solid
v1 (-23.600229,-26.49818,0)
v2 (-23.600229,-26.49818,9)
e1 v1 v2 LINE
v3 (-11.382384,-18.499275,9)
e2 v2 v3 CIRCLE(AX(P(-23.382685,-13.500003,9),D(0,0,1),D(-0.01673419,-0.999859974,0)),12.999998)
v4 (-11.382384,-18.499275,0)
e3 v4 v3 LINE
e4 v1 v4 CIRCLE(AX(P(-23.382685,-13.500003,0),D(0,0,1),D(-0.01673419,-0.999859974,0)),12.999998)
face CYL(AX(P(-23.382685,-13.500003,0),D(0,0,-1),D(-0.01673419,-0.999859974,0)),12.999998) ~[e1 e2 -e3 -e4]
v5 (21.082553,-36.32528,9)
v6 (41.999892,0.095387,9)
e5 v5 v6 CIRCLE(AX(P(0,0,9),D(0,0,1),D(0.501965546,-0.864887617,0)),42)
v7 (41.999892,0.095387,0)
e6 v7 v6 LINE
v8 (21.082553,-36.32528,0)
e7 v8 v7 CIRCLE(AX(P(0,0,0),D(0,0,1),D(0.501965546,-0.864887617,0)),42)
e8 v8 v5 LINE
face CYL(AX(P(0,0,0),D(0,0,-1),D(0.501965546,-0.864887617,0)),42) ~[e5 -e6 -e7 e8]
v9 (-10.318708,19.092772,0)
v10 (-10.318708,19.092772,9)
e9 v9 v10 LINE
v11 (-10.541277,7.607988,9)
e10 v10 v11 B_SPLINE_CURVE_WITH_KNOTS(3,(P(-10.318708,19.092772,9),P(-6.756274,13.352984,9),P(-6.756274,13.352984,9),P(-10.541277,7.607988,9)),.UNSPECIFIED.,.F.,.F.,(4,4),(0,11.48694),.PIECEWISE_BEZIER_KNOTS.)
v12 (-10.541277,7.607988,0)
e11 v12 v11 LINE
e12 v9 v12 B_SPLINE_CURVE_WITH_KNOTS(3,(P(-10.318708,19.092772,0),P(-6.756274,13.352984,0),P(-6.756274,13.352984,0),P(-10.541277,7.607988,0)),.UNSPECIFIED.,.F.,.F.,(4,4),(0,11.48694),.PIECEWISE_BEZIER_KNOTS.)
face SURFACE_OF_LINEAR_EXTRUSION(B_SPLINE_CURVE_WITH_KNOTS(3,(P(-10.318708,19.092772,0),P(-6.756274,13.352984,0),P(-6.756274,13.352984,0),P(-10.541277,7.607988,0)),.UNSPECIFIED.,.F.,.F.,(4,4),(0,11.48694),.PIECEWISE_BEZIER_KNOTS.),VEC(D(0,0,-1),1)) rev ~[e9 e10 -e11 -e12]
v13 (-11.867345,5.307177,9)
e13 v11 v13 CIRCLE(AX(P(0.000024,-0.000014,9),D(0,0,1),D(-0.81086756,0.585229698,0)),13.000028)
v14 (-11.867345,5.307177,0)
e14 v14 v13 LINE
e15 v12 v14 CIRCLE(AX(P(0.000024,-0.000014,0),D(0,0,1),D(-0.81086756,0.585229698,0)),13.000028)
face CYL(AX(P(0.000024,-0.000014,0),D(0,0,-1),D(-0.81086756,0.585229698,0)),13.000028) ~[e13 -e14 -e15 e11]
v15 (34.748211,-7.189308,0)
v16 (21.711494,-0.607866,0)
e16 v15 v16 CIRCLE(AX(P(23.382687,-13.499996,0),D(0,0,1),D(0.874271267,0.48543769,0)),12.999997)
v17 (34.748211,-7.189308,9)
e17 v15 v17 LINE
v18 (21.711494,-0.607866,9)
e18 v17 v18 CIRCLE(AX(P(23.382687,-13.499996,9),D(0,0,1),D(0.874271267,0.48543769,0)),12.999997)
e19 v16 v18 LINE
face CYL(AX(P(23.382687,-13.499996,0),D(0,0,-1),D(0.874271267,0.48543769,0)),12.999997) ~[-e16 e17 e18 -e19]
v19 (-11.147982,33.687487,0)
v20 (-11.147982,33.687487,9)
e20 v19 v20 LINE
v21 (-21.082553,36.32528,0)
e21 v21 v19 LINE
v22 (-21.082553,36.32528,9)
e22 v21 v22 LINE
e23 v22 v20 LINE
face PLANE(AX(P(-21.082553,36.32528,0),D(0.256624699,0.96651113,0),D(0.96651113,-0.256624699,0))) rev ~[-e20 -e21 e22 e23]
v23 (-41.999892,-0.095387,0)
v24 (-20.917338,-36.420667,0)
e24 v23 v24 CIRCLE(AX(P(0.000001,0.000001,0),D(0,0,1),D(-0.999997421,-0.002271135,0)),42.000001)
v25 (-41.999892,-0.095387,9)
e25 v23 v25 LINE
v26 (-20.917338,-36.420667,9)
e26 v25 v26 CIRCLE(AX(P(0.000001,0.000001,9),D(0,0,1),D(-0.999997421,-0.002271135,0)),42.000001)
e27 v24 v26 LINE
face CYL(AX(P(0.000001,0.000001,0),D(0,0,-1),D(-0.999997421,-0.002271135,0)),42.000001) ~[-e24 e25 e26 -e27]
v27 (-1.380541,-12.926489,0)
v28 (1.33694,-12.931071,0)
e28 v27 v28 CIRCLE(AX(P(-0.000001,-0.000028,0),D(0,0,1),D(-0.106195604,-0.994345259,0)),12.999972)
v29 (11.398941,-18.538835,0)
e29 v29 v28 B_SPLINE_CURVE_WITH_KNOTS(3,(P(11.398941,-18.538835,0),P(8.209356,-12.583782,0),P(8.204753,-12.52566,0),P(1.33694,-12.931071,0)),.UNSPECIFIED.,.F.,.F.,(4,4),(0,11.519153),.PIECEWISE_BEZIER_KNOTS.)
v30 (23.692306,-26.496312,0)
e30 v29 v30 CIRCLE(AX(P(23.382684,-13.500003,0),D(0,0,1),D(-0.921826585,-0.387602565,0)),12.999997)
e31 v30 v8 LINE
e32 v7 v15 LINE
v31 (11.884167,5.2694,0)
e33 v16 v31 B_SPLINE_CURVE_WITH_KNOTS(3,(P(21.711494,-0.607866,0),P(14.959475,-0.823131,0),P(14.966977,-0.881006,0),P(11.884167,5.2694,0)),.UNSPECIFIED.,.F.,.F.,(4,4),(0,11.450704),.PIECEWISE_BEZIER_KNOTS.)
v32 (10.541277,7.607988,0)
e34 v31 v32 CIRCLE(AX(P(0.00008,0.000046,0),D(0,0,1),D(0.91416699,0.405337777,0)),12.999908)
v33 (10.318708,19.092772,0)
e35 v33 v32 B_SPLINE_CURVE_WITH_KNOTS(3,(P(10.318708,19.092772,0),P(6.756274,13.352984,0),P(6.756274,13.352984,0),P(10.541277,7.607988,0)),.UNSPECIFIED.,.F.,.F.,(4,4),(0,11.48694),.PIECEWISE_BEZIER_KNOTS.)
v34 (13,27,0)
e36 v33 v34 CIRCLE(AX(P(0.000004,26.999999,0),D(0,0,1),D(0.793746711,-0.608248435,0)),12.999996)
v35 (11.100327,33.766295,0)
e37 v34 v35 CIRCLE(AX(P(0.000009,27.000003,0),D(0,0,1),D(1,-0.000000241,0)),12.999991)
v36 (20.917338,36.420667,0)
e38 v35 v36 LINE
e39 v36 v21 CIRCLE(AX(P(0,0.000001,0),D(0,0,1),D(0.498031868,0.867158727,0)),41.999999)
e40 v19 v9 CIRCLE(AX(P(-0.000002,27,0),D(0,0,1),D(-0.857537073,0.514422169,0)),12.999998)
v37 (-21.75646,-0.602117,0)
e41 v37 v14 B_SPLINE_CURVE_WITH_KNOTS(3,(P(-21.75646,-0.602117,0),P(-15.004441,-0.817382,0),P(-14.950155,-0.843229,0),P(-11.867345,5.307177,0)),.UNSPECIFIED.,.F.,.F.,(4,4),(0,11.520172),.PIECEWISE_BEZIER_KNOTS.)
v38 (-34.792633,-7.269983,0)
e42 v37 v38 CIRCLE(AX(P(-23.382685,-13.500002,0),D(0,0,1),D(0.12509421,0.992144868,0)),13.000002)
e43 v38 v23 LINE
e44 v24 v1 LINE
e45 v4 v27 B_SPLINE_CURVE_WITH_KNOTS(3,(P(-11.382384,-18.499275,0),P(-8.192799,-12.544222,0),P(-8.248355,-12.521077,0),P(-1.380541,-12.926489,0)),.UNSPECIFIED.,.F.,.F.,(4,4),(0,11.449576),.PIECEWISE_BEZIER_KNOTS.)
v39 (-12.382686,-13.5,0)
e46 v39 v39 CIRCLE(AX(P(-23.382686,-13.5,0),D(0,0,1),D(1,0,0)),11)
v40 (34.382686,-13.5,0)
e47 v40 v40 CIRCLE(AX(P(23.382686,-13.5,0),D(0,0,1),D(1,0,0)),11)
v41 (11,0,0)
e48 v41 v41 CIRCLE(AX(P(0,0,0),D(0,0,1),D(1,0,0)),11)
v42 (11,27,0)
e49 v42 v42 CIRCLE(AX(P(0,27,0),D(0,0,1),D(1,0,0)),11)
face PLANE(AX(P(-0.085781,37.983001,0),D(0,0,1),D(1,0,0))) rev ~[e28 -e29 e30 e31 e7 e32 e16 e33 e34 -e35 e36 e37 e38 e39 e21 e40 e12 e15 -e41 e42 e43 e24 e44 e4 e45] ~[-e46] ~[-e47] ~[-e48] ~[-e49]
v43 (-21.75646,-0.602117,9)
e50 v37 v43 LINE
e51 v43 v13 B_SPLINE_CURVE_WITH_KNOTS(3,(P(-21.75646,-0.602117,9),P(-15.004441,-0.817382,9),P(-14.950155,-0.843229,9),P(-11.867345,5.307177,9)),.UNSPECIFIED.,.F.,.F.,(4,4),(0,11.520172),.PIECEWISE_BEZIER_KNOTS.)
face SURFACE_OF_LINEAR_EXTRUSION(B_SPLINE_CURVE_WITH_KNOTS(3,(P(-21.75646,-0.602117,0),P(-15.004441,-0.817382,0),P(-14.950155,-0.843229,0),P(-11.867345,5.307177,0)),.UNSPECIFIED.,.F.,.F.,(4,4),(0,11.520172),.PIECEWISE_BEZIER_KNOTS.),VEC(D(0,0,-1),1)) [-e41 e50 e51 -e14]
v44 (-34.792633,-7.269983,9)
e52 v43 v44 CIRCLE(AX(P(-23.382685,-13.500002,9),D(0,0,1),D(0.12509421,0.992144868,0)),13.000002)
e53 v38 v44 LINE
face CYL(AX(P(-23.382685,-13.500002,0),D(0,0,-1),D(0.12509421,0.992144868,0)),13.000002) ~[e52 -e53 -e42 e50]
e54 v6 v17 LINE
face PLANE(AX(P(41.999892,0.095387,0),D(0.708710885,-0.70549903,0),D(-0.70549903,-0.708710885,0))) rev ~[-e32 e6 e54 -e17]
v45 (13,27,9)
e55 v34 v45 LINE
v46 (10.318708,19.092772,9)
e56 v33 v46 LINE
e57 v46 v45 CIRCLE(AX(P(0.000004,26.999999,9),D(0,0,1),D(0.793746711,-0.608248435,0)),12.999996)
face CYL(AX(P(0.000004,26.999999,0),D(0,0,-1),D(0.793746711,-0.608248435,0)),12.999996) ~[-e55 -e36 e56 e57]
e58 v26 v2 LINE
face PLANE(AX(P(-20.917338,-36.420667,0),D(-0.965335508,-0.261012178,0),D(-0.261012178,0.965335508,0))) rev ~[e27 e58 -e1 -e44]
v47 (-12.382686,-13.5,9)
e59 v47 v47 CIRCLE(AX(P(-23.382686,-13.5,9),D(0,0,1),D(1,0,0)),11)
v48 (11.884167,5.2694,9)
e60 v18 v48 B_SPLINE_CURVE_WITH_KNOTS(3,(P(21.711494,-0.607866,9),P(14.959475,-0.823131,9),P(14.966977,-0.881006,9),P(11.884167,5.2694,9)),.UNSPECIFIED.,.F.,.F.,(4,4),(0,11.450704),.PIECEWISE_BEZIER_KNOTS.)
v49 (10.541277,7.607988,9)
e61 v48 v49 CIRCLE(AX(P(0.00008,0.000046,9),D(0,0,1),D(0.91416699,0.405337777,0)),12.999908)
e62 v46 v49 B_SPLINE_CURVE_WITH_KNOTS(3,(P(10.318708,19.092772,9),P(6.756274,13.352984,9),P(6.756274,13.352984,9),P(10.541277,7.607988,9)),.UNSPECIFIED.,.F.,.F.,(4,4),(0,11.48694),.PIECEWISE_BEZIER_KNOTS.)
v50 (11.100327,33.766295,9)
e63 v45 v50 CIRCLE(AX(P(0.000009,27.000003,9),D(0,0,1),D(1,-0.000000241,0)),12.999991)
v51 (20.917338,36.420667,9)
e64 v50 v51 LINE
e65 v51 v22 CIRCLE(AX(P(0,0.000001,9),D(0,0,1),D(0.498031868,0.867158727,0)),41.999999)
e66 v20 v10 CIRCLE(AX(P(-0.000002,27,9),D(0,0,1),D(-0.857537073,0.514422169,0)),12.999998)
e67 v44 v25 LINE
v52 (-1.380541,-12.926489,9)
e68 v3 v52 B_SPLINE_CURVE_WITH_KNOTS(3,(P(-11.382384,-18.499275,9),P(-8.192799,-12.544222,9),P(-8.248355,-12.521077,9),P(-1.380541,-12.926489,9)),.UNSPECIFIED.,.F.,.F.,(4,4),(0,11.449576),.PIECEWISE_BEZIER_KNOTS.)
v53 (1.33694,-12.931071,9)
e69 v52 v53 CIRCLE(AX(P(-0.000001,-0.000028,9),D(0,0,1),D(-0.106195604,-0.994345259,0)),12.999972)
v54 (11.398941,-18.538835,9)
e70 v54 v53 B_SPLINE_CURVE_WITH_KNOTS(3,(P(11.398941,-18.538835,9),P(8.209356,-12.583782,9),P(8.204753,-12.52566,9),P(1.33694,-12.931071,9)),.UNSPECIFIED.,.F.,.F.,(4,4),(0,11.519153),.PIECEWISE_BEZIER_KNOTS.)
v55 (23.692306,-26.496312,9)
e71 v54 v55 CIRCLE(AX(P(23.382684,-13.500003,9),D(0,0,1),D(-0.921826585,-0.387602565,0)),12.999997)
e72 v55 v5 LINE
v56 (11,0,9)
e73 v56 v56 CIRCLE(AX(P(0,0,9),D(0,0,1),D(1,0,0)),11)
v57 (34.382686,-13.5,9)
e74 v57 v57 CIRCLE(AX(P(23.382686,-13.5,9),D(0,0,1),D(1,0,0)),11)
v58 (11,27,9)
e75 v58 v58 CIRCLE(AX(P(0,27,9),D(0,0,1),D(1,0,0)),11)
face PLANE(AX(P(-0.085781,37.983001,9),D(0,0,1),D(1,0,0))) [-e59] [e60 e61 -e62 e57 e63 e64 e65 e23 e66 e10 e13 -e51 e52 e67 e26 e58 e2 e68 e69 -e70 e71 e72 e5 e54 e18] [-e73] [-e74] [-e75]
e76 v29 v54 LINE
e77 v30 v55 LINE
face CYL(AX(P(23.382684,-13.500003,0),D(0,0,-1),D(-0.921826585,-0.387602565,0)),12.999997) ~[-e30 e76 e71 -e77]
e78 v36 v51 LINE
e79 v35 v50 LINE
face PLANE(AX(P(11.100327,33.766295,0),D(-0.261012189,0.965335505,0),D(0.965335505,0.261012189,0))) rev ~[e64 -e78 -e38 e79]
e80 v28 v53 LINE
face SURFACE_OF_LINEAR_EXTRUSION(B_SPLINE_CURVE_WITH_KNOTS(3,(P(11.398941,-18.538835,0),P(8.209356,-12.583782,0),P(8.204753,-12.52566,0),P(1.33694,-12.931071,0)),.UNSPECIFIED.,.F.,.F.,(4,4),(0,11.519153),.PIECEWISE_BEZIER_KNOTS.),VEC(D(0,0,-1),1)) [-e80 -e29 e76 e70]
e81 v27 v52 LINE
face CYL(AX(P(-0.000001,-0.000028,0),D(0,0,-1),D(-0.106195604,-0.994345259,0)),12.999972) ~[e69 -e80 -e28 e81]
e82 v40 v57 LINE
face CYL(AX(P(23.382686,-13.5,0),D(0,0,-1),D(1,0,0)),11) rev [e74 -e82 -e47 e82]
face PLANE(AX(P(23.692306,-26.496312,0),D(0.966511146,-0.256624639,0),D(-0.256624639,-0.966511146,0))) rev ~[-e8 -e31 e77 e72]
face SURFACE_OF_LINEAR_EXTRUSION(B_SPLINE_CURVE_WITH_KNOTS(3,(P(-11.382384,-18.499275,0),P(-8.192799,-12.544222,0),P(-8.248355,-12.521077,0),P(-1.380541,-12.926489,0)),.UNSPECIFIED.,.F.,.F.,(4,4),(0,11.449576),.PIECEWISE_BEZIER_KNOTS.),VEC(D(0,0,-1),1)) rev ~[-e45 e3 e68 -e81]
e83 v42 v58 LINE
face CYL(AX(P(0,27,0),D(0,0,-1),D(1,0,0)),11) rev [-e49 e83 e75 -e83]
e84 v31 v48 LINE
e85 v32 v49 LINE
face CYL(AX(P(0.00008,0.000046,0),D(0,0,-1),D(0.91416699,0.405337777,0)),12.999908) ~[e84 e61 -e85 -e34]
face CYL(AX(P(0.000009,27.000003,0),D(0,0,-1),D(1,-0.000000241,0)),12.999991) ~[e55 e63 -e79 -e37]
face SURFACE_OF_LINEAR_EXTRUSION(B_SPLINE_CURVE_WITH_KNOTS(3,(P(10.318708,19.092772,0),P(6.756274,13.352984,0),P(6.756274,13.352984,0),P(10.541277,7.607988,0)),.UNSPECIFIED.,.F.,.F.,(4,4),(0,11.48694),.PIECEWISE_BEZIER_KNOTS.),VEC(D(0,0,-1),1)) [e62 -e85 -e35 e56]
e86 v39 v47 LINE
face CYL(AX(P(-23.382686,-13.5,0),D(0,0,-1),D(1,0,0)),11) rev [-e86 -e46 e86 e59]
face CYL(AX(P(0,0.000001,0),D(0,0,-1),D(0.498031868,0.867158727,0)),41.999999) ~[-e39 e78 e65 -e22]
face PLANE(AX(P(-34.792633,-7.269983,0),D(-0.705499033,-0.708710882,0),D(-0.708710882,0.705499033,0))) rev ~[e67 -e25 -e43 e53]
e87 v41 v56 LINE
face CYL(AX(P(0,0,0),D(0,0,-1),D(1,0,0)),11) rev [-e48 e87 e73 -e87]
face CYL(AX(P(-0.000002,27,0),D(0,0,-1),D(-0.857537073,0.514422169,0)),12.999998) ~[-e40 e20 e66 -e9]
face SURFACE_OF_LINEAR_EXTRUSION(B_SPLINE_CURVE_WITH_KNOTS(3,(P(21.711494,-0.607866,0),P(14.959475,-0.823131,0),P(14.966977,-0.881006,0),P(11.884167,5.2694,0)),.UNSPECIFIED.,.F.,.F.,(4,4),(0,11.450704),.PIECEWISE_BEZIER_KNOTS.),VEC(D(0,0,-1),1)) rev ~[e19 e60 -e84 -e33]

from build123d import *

# Parameters (mm, degrees)
F0_R     = 11
F1_DEPTH = 9


with BuildPart() as f1:
    # F0 (on Top) → F1 (new body)
    with BuildSketch(Plane.XY):
        with BuildLine():
            ThreePointArc((20.917338, 36.420667), (-0.095387, 41.999892), (-21.082553, 36.32528))
            Line((-21.082553, 36.32528), (-11.147982, 33.687487))
            ThreePointArc((-11.147982, 33.687487), (-0.046048, 39.999918), (11.100327, 33.766295))
            Line((11.100327, 33.766295), (20.917338, 36.420667))
        make_face()
        with BuildLine():
            ThreePointArc((11.100327, 33.766295), (-0.046048, 39.999918), (-11.147982, 33.687487))
            ThreePointArc((-11.147982, 33.687487), (-12.979065, 26.262527), (-10.318708, 19.092772))
            ThreePointArc((-10.318708, 19.092772), (0, 14), (10.318708, 19.092772))
            ThreePointArc((10.318708, 19.092772), (12.311442, 22.825267), (13, 27))
            ThreePointArc((13, 27), (12.516075, 30.513955), (11.100327, 33.766295))
        make_face()
        with Locations((0, 27)):
            Circle(F0_R, mode=Mode.SUBTRACT)
        with BuildLine():
            ThreePointArc((10.541277, 7.607988), (0, 13), (-10.541277, 7.607988))
            ThreePointArc((-10.541277, 7.607988), (-11.263215, 6.491532), (-11.867345, 5.307177))
            ThreePointArc((-11.867345, 5.307177), (-11.269129, -6.48126), (-1.380541, -12.926489))
            ThreePointArc((-1.380541, -12.926489), (-0.021921, -12.999982), (1.33694, -12.931071))
            ThreePointArc((1.33694, -12.931071), (9.653502, -8.706888), (13, 0))
            ThreePointArc((13, 0), (12.717983, 2.693124), (11.884167, 5.2694))
            ThreePointArc((11.884167, 5.2694), (11.273526, 6.47361), (10.541277, 7.607988))
        make_face()
        Circle(F0_R, mode=Mode.SUBTRACT)
        with BuildLine():
            ThreePointArc((10.318708, 19.092772), (0, 14), (-10.318708, 19.092772))
            add(Edge.make_bspline(
                [(-10.318708, 19.092772), (-6.756274, 13.352984), (-6.756274, 13.352984), (-10.541277, 7.607988)],
                knots=[0, 0, 0, 0, 11.48694, 11.48694, 11.48694, 11.48694], degree=3))
            ThreePointArc((-10.541277, 7.607988), (0, 13), (10.541277, 7.607988))
            add(Edge.make_bspline(
                [(10.318708, 19.092772), (6.756274, 13.352984), (6.756274, 13.352984), (10.541277, 7.607988)],
                knots=[0, 0, 0, 0, 11.48694, 11.48694, 11.48694, 11.48694], degree=3))
        make_face()
        with BuildLine():
            ThreePointArc((-23.600229, -26.49818), (-34.617921, -20.039838), (-34.792633, -7.269983))
            Line((-34.792633, -7.269983), (-41.999892, -0.095387))
            ThreePointArc((-41.999892, -0.095387), (-36.32528, -21.082553), (-20.917338, -36.420667))
            Line((-20.917338, -36.420667), (-23.600229, -26.49818))
        make_face()
        with BuildLine():
            ThreePointArc((-10.382686, -13.5), (-13.632277, -4.901771), (-21.75646, -0.602117))
            ThreePointArc((-21.75646, -0.602117), (-29.302602, -1.926125), (-34.792633, -7.269983))
            ThreePointArc((-34.792633, -7.269983), (-34.617921, -20.039838), (-23.600229, -26.49818))
            ThreePointArc((-23.600229, -26.49818), (-16.262013, -24.376398), (-11.382384, -18.499275))
            ThreePointArc((-11.382384, -18.499275), (-10.63506, -16.049124), (-10.382686, -13.5))
        make_face()
        with Locations((-23.382686, -13.5)):
            Circle(F0_R, mode=Mode.SUBTRACT)
        with BuildLine():
            ThreePointArc((-1.380541, -12.926489), (-11.269129, -6.48126), (-11.867345, 5.307177))
            add(Edge.make_bspline(
                [(-21.75646, -0.602117), (-15.004441, -0.817382), (-14.950155, -0.843229), (-11.867345, 5.307177)],
                knots=[0, 0, 0, 0, 11.520172, 11.520172, 11.520172, 11.520172], degree=3))
            ThreePointArc((-21.75646, -0.602117), (-13.632277, -4.901771), (-10.382686, -13.5))
            ThreePointArc((-10.382686, -13.5), (-10.63506, -16.049124), (-11.382384, -18.499275))
            add(Edge.make_bspline(
                [(-11.382384, -18.499275), (-8.192799, -12.544222), (-8.248355, -12.521077), (-1.380541, -12.926489)],
                knots=[0, 0, 0, 0, 11.449576, 11.449576, 11.449576, 11.449576], degree=3))
        make_face()
        with BuildLine():
            add(Edge.make_bspline(
                [(21.711494, -0.607866), (14.959475, -0.823131), (14.966977, -0.881006), (11.884167, 5.2694)],
                knots=[0, 0, 0, 0, 11.450704, 11.450704, 11.450704, 11.450704], degree=3))
            ThreePointArc((11.884167, 5.2694), (12.717983, 2.693124), (13, 0))
            ThreePointArc((13, 0), (9.653502, -8.706888), (1.33694, -12.931071))
            add(Edge.make_bspline(
                [(11.398941, -18.538835), (8.209356, -12.583782), (8.204753, -12.52566), (1.33694, -12.931071)],
                knots=[0, 0, 0, 0, 11.519153, 11.519153, 11.519153, 11.519153], degree=3))
            ThreePointArc((11.398941, -18.538835), (12.113514, -7.018814), (21.711494, -0.607866))
        make_face()
        with BuildLine():
            ThreePointArc((34.748211, -7.189308), (29.241344, -1.894995), (21.711494, -0.607866))
            ThreePointArc((21.711494, -0.607866), (12.113514, -7.018814), (11.398941, -18.538835))
            ThreePointArc((11.398941, -18.538835), (16.318575, -24.413219), (23.692306, -26.496312))
            ThreePointArc((23.692306, -26.496312), (32.683897, -22.582261), (36.382686, -13.5))
            ThreePointArc((36.382686, -13.5), (35.967435, -10.240539), (34.748211, -7.189308))
        make_face()
        with Locations((23.382686, -13.5)):
            Circle(F0_R, mode=Mode.SUBTRACT)
        with BuildLine():
            Line((41.999892, 0.095387), (34.748211, -7.189308))
            ThreePointArc((34.748211, -7.189308), (35.967435, -10.240539), (36.382686, -13.5))
            ThreePointArc((36.382686, -13.5), (32.683897, -22.582261), (23.692306, -26.496312))
            Line((23.692306, -26.496312), (21.082553, -36.32528))
            ThreePointArc((21.082553, -36.32528), (36.420667, -20.917338), (41.999892, 0.095387))
        make_face()
    extrude(amount=F1_DEPTH)


solid = f1.part
